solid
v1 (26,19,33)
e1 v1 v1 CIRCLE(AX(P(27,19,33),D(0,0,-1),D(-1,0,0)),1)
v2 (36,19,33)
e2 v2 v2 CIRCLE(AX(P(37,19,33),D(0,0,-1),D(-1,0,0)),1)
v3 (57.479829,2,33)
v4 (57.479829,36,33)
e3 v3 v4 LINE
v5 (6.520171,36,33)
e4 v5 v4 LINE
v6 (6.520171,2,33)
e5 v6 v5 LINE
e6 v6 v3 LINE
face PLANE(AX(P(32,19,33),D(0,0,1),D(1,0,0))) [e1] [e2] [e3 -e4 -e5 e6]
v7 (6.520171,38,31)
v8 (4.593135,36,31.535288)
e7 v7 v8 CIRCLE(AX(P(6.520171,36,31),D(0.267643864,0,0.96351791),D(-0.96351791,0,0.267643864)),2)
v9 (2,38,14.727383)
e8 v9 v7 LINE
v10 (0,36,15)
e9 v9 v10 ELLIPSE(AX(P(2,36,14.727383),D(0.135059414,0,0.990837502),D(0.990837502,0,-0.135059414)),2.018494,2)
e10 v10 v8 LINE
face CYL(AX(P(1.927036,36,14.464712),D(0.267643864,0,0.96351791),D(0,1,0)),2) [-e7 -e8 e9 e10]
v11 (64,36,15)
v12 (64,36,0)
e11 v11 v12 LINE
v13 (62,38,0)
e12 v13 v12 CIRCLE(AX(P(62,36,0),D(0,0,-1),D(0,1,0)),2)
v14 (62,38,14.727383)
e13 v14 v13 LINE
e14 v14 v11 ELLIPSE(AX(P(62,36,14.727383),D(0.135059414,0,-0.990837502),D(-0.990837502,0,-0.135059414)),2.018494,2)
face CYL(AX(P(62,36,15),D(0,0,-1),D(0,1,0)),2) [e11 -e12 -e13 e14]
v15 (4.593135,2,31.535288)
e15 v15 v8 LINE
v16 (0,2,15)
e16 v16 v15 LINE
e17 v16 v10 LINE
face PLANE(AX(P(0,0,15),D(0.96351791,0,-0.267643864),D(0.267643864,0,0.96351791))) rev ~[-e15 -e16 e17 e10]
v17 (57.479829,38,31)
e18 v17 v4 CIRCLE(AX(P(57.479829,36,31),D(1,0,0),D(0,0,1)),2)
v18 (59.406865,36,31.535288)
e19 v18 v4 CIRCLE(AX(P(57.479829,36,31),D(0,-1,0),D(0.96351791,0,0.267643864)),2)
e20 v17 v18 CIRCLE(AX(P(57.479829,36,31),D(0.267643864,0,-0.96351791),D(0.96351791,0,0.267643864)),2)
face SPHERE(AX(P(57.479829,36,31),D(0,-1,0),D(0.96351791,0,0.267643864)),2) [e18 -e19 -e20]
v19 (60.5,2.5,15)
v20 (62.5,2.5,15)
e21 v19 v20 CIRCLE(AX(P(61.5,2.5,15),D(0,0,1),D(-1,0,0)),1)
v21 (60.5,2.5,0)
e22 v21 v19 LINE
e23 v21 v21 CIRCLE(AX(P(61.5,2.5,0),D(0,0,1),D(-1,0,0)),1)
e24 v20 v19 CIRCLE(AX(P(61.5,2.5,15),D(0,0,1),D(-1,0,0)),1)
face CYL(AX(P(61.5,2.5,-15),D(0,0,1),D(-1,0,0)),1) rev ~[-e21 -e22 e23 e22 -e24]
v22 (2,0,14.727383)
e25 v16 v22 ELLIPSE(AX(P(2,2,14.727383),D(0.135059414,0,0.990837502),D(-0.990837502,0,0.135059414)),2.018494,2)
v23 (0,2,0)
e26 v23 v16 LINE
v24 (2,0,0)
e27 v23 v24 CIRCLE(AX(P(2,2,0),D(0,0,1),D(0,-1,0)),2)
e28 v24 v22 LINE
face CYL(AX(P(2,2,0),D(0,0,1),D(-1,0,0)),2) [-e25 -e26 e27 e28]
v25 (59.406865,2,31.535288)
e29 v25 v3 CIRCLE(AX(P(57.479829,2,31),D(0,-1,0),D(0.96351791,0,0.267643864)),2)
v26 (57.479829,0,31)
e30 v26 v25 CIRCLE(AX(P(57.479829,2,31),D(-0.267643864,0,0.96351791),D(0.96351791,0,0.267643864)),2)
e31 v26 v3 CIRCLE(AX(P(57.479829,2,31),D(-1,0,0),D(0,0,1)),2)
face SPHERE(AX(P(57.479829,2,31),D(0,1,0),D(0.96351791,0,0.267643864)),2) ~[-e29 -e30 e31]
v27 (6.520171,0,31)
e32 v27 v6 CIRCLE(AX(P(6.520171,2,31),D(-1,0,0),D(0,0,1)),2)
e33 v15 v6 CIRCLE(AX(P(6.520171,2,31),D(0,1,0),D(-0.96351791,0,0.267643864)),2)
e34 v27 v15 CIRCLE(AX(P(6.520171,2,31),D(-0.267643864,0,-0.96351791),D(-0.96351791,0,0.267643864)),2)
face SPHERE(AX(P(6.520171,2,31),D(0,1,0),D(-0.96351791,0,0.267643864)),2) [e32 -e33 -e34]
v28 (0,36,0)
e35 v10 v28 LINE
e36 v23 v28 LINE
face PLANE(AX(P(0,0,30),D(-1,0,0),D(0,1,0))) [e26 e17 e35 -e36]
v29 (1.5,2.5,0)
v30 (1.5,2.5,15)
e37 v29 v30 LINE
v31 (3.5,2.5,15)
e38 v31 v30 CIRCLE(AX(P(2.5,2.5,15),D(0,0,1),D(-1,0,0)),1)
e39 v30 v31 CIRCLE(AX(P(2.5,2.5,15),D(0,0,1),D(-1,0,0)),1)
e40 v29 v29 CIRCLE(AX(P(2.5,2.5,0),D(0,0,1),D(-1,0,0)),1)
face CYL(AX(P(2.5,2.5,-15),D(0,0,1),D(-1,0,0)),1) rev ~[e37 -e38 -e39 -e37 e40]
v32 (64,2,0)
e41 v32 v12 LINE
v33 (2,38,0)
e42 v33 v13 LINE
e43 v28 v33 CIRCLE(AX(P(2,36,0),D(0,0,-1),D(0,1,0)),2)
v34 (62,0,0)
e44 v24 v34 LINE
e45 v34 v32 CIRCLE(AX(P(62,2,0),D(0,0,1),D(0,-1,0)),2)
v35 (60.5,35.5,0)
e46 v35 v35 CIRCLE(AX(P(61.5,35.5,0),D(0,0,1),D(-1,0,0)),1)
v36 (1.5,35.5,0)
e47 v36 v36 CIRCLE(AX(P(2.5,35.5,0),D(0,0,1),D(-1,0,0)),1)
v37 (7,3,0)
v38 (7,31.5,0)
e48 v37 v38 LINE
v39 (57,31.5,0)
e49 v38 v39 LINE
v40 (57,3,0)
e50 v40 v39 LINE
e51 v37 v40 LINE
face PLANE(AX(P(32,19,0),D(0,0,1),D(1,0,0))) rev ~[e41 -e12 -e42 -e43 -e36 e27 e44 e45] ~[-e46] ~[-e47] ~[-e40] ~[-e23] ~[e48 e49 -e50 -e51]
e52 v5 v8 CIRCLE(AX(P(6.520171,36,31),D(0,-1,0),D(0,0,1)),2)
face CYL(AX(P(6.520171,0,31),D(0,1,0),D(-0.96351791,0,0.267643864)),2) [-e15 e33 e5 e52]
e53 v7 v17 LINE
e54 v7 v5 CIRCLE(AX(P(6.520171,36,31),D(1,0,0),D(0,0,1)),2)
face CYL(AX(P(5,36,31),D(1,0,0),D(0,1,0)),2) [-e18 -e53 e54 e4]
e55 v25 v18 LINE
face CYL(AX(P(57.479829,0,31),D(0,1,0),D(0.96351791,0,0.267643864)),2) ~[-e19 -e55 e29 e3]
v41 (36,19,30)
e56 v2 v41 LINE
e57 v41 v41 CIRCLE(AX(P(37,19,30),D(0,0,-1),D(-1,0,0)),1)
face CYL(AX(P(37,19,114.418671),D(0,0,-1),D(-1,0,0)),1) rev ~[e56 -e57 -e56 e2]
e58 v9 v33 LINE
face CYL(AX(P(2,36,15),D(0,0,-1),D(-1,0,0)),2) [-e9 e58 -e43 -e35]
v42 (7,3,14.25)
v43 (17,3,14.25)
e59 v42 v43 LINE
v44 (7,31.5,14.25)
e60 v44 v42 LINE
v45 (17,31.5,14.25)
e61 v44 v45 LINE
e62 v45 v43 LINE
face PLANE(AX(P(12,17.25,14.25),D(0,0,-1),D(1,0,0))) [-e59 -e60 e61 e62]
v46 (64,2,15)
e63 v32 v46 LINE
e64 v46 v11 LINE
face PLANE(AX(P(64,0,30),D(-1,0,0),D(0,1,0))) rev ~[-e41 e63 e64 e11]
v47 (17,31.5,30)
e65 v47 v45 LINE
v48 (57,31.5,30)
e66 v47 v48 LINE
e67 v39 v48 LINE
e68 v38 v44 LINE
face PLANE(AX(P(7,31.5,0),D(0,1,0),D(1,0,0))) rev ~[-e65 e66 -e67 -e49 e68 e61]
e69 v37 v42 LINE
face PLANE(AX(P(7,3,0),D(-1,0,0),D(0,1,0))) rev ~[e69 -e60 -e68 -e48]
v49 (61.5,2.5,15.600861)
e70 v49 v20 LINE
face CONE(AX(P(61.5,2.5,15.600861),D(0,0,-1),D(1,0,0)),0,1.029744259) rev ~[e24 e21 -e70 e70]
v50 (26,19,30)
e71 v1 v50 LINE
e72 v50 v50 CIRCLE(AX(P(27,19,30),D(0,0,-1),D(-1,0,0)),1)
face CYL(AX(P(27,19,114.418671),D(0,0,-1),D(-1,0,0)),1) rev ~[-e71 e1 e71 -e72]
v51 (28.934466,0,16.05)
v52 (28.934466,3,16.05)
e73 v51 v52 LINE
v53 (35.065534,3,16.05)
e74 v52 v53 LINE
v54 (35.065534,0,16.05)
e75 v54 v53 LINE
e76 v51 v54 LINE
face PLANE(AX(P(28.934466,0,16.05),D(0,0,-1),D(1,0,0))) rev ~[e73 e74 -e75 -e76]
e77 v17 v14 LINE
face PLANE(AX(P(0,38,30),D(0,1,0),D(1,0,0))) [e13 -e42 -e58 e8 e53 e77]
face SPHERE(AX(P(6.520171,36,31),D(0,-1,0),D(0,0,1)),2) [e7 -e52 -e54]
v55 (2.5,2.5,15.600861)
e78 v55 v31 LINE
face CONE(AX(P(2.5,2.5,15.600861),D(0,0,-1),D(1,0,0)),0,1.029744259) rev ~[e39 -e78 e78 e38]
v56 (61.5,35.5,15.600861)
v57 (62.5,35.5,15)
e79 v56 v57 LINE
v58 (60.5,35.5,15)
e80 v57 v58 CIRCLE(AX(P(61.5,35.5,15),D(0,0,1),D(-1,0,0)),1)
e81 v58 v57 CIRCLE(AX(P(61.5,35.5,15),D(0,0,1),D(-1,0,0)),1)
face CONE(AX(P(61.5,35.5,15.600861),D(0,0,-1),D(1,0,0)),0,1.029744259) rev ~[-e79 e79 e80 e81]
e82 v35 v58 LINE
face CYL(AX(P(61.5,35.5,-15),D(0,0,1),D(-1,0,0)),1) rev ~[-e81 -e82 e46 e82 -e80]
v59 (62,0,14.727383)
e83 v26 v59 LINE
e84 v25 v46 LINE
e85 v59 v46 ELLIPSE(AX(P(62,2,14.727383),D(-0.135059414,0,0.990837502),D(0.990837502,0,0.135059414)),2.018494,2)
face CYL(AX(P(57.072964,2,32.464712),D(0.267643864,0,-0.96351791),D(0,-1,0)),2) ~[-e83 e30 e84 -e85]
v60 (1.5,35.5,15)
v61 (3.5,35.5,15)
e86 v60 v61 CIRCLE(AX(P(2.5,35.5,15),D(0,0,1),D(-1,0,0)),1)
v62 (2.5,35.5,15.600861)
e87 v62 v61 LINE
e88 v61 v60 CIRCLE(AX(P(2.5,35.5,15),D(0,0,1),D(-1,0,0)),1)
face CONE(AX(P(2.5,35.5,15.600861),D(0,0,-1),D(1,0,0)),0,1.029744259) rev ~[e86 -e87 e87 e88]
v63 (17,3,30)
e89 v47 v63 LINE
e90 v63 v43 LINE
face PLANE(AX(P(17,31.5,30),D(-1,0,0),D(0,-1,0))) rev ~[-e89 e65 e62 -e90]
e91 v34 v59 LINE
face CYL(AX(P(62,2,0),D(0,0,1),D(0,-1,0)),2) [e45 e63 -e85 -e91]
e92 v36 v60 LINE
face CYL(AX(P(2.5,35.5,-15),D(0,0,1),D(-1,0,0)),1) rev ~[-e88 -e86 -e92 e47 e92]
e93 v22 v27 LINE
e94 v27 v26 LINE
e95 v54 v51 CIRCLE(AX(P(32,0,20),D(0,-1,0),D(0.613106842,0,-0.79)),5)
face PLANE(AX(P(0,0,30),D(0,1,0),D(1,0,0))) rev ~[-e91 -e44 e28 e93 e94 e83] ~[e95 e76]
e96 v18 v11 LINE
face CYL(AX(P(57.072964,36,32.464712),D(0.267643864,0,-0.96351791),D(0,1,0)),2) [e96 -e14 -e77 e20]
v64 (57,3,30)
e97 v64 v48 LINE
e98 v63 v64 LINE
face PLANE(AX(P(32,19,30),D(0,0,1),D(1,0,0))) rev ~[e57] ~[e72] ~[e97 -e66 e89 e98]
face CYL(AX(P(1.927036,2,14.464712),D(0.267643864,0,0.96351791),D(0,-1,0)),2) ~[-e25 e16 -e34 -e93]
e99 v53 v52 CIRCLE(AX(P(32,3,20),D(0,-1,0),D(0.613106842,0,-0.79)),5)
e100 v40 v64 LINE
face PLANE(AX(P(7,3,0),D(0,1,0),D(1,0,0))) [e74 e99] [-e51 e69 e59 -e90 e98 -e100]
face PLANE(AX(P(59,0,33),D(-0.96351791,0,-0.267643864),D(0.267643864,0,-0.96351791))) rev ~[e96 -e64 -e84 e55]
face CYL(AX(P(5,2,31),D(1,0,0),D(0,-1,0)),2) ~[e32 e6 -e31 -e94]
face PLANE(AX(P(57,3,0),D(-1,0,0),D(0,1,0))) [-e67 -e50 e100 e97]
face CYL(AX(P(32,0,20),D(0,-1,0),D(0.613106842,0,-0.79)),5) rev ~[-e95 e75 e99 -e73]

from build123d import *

# Parameters (mm, degrees)
F0_W      = 64
F0_H      = 38
F0_W_2    = 50
F0_H_2    = 28.5
F1_DEPTH  = 30
F3_D      = 2
F3_DEPTH  = 15
F3_TIP    = 0.600860619
F4_W      = 64
F4_H      = 38
F5_DEPTH  = 3
F6_W      = 10
F6_H      = 28.5
F8_DEPTH  = 15.75
F10_DEPTH = 38
F11_R     = 2
F13_DEPTH = 3
F15_D     = 2


with BuildPart() as f1:
    # F0 (on Top) → F1 (new body)
    with BuildSketch(Plane.XY):
        with Locations((32, 19)):
            Rectangle(F0_W, F0_H)
        with Locations((32, 17.25)):
            Rectangle(F0_W_2, F0_H_2, mode=Mode.SUBTRACT)
    extrude(amount=F1_DEPTH)

    # F3
    with Locations(Plane(origin=(0, 0, 0), x_dir=(1, 0, 0), z_dir=(0, 0, -1))):
        with Locations((2.5, -2.5), (61.5, -2.5), (61.5, -35.5), (2.5, -35.5)):
            Hole(F3_D / 2, depth=F3_DEPTH)
            with Locations((0, 0, -(F3_DEPTH + F3_TIP / 2))):  # 118° drill point
                Cone(0, F3_D / 2, F3_TIP, mode=Mode.SUBTRACT)

    # F4 (on face) → F5 (join)
    with BuildSketch(Plane.XY.offset(30)):
        with Locations((32, 19)):
            Rectangle(F4_W, F4_H)
    extrude(amount=F5_DEPTH)

    # F6 (on face) → F8 (join, through all)
    with BuildSketch(Plane(origin=(0, 0, 30), x_dir=(1, 0, 0), z_dir=(0, 0, -1))):
        with Locations((12, -17.25)):
            Rectangle(F6_W, F6_H)
    extrude(amount=F8_DEPTH)

    # F9 (on face) → F10 (cut, through all)
    with BuildSketch(Plane.XZ):
        Polygon((0, 33), (0, 15), (5, 33), align=None)
        Polygon((64, 33), (59, 33), (64, 15), align=None)
    extrude(amount=-F10_DEPTH, mode=Mode.SUBTRACT)

    # F11
    f11_edges = [f1.edges().sort_by_distance(p)[0] for p in [
        (0, 0, 7.5),
        (2.5, 0, 24),
        (61.5, 0, 24),
        (64, 0, 7.5),
        (2.5, 38, 24),
        (0, 38, 7.5),
        (64, 38, 7.5),
        (61.5, 38, 24),
        (32, 0, 33),
        (5, 19, 33),
        (32, 38, 33),
        (59, 19, 33),
    ]]
    fillet(f11_edges, radius=F11_R)

    # F12 (on face) → F13 (cut, through all)
    with BuildSketch(Plane.XZ):
        with BuildLine():
            Line((28.9344657888, 16.05), (35.0655342112, 16.05))
            ThreePointArc((35.0655342112, 16.05), (32, 25), (28.9344657888, 16.05))
        make_face()
    extrude(amount=-F13_DEPTH, mode=Mode.SUBTRACT)

    # F15 (through all)
    with Locations(Plane.XY.offset(33)):
        with Locations((27, 19), (37, 19)):
            Hole(F15_D / 2)


solid = f1.part
